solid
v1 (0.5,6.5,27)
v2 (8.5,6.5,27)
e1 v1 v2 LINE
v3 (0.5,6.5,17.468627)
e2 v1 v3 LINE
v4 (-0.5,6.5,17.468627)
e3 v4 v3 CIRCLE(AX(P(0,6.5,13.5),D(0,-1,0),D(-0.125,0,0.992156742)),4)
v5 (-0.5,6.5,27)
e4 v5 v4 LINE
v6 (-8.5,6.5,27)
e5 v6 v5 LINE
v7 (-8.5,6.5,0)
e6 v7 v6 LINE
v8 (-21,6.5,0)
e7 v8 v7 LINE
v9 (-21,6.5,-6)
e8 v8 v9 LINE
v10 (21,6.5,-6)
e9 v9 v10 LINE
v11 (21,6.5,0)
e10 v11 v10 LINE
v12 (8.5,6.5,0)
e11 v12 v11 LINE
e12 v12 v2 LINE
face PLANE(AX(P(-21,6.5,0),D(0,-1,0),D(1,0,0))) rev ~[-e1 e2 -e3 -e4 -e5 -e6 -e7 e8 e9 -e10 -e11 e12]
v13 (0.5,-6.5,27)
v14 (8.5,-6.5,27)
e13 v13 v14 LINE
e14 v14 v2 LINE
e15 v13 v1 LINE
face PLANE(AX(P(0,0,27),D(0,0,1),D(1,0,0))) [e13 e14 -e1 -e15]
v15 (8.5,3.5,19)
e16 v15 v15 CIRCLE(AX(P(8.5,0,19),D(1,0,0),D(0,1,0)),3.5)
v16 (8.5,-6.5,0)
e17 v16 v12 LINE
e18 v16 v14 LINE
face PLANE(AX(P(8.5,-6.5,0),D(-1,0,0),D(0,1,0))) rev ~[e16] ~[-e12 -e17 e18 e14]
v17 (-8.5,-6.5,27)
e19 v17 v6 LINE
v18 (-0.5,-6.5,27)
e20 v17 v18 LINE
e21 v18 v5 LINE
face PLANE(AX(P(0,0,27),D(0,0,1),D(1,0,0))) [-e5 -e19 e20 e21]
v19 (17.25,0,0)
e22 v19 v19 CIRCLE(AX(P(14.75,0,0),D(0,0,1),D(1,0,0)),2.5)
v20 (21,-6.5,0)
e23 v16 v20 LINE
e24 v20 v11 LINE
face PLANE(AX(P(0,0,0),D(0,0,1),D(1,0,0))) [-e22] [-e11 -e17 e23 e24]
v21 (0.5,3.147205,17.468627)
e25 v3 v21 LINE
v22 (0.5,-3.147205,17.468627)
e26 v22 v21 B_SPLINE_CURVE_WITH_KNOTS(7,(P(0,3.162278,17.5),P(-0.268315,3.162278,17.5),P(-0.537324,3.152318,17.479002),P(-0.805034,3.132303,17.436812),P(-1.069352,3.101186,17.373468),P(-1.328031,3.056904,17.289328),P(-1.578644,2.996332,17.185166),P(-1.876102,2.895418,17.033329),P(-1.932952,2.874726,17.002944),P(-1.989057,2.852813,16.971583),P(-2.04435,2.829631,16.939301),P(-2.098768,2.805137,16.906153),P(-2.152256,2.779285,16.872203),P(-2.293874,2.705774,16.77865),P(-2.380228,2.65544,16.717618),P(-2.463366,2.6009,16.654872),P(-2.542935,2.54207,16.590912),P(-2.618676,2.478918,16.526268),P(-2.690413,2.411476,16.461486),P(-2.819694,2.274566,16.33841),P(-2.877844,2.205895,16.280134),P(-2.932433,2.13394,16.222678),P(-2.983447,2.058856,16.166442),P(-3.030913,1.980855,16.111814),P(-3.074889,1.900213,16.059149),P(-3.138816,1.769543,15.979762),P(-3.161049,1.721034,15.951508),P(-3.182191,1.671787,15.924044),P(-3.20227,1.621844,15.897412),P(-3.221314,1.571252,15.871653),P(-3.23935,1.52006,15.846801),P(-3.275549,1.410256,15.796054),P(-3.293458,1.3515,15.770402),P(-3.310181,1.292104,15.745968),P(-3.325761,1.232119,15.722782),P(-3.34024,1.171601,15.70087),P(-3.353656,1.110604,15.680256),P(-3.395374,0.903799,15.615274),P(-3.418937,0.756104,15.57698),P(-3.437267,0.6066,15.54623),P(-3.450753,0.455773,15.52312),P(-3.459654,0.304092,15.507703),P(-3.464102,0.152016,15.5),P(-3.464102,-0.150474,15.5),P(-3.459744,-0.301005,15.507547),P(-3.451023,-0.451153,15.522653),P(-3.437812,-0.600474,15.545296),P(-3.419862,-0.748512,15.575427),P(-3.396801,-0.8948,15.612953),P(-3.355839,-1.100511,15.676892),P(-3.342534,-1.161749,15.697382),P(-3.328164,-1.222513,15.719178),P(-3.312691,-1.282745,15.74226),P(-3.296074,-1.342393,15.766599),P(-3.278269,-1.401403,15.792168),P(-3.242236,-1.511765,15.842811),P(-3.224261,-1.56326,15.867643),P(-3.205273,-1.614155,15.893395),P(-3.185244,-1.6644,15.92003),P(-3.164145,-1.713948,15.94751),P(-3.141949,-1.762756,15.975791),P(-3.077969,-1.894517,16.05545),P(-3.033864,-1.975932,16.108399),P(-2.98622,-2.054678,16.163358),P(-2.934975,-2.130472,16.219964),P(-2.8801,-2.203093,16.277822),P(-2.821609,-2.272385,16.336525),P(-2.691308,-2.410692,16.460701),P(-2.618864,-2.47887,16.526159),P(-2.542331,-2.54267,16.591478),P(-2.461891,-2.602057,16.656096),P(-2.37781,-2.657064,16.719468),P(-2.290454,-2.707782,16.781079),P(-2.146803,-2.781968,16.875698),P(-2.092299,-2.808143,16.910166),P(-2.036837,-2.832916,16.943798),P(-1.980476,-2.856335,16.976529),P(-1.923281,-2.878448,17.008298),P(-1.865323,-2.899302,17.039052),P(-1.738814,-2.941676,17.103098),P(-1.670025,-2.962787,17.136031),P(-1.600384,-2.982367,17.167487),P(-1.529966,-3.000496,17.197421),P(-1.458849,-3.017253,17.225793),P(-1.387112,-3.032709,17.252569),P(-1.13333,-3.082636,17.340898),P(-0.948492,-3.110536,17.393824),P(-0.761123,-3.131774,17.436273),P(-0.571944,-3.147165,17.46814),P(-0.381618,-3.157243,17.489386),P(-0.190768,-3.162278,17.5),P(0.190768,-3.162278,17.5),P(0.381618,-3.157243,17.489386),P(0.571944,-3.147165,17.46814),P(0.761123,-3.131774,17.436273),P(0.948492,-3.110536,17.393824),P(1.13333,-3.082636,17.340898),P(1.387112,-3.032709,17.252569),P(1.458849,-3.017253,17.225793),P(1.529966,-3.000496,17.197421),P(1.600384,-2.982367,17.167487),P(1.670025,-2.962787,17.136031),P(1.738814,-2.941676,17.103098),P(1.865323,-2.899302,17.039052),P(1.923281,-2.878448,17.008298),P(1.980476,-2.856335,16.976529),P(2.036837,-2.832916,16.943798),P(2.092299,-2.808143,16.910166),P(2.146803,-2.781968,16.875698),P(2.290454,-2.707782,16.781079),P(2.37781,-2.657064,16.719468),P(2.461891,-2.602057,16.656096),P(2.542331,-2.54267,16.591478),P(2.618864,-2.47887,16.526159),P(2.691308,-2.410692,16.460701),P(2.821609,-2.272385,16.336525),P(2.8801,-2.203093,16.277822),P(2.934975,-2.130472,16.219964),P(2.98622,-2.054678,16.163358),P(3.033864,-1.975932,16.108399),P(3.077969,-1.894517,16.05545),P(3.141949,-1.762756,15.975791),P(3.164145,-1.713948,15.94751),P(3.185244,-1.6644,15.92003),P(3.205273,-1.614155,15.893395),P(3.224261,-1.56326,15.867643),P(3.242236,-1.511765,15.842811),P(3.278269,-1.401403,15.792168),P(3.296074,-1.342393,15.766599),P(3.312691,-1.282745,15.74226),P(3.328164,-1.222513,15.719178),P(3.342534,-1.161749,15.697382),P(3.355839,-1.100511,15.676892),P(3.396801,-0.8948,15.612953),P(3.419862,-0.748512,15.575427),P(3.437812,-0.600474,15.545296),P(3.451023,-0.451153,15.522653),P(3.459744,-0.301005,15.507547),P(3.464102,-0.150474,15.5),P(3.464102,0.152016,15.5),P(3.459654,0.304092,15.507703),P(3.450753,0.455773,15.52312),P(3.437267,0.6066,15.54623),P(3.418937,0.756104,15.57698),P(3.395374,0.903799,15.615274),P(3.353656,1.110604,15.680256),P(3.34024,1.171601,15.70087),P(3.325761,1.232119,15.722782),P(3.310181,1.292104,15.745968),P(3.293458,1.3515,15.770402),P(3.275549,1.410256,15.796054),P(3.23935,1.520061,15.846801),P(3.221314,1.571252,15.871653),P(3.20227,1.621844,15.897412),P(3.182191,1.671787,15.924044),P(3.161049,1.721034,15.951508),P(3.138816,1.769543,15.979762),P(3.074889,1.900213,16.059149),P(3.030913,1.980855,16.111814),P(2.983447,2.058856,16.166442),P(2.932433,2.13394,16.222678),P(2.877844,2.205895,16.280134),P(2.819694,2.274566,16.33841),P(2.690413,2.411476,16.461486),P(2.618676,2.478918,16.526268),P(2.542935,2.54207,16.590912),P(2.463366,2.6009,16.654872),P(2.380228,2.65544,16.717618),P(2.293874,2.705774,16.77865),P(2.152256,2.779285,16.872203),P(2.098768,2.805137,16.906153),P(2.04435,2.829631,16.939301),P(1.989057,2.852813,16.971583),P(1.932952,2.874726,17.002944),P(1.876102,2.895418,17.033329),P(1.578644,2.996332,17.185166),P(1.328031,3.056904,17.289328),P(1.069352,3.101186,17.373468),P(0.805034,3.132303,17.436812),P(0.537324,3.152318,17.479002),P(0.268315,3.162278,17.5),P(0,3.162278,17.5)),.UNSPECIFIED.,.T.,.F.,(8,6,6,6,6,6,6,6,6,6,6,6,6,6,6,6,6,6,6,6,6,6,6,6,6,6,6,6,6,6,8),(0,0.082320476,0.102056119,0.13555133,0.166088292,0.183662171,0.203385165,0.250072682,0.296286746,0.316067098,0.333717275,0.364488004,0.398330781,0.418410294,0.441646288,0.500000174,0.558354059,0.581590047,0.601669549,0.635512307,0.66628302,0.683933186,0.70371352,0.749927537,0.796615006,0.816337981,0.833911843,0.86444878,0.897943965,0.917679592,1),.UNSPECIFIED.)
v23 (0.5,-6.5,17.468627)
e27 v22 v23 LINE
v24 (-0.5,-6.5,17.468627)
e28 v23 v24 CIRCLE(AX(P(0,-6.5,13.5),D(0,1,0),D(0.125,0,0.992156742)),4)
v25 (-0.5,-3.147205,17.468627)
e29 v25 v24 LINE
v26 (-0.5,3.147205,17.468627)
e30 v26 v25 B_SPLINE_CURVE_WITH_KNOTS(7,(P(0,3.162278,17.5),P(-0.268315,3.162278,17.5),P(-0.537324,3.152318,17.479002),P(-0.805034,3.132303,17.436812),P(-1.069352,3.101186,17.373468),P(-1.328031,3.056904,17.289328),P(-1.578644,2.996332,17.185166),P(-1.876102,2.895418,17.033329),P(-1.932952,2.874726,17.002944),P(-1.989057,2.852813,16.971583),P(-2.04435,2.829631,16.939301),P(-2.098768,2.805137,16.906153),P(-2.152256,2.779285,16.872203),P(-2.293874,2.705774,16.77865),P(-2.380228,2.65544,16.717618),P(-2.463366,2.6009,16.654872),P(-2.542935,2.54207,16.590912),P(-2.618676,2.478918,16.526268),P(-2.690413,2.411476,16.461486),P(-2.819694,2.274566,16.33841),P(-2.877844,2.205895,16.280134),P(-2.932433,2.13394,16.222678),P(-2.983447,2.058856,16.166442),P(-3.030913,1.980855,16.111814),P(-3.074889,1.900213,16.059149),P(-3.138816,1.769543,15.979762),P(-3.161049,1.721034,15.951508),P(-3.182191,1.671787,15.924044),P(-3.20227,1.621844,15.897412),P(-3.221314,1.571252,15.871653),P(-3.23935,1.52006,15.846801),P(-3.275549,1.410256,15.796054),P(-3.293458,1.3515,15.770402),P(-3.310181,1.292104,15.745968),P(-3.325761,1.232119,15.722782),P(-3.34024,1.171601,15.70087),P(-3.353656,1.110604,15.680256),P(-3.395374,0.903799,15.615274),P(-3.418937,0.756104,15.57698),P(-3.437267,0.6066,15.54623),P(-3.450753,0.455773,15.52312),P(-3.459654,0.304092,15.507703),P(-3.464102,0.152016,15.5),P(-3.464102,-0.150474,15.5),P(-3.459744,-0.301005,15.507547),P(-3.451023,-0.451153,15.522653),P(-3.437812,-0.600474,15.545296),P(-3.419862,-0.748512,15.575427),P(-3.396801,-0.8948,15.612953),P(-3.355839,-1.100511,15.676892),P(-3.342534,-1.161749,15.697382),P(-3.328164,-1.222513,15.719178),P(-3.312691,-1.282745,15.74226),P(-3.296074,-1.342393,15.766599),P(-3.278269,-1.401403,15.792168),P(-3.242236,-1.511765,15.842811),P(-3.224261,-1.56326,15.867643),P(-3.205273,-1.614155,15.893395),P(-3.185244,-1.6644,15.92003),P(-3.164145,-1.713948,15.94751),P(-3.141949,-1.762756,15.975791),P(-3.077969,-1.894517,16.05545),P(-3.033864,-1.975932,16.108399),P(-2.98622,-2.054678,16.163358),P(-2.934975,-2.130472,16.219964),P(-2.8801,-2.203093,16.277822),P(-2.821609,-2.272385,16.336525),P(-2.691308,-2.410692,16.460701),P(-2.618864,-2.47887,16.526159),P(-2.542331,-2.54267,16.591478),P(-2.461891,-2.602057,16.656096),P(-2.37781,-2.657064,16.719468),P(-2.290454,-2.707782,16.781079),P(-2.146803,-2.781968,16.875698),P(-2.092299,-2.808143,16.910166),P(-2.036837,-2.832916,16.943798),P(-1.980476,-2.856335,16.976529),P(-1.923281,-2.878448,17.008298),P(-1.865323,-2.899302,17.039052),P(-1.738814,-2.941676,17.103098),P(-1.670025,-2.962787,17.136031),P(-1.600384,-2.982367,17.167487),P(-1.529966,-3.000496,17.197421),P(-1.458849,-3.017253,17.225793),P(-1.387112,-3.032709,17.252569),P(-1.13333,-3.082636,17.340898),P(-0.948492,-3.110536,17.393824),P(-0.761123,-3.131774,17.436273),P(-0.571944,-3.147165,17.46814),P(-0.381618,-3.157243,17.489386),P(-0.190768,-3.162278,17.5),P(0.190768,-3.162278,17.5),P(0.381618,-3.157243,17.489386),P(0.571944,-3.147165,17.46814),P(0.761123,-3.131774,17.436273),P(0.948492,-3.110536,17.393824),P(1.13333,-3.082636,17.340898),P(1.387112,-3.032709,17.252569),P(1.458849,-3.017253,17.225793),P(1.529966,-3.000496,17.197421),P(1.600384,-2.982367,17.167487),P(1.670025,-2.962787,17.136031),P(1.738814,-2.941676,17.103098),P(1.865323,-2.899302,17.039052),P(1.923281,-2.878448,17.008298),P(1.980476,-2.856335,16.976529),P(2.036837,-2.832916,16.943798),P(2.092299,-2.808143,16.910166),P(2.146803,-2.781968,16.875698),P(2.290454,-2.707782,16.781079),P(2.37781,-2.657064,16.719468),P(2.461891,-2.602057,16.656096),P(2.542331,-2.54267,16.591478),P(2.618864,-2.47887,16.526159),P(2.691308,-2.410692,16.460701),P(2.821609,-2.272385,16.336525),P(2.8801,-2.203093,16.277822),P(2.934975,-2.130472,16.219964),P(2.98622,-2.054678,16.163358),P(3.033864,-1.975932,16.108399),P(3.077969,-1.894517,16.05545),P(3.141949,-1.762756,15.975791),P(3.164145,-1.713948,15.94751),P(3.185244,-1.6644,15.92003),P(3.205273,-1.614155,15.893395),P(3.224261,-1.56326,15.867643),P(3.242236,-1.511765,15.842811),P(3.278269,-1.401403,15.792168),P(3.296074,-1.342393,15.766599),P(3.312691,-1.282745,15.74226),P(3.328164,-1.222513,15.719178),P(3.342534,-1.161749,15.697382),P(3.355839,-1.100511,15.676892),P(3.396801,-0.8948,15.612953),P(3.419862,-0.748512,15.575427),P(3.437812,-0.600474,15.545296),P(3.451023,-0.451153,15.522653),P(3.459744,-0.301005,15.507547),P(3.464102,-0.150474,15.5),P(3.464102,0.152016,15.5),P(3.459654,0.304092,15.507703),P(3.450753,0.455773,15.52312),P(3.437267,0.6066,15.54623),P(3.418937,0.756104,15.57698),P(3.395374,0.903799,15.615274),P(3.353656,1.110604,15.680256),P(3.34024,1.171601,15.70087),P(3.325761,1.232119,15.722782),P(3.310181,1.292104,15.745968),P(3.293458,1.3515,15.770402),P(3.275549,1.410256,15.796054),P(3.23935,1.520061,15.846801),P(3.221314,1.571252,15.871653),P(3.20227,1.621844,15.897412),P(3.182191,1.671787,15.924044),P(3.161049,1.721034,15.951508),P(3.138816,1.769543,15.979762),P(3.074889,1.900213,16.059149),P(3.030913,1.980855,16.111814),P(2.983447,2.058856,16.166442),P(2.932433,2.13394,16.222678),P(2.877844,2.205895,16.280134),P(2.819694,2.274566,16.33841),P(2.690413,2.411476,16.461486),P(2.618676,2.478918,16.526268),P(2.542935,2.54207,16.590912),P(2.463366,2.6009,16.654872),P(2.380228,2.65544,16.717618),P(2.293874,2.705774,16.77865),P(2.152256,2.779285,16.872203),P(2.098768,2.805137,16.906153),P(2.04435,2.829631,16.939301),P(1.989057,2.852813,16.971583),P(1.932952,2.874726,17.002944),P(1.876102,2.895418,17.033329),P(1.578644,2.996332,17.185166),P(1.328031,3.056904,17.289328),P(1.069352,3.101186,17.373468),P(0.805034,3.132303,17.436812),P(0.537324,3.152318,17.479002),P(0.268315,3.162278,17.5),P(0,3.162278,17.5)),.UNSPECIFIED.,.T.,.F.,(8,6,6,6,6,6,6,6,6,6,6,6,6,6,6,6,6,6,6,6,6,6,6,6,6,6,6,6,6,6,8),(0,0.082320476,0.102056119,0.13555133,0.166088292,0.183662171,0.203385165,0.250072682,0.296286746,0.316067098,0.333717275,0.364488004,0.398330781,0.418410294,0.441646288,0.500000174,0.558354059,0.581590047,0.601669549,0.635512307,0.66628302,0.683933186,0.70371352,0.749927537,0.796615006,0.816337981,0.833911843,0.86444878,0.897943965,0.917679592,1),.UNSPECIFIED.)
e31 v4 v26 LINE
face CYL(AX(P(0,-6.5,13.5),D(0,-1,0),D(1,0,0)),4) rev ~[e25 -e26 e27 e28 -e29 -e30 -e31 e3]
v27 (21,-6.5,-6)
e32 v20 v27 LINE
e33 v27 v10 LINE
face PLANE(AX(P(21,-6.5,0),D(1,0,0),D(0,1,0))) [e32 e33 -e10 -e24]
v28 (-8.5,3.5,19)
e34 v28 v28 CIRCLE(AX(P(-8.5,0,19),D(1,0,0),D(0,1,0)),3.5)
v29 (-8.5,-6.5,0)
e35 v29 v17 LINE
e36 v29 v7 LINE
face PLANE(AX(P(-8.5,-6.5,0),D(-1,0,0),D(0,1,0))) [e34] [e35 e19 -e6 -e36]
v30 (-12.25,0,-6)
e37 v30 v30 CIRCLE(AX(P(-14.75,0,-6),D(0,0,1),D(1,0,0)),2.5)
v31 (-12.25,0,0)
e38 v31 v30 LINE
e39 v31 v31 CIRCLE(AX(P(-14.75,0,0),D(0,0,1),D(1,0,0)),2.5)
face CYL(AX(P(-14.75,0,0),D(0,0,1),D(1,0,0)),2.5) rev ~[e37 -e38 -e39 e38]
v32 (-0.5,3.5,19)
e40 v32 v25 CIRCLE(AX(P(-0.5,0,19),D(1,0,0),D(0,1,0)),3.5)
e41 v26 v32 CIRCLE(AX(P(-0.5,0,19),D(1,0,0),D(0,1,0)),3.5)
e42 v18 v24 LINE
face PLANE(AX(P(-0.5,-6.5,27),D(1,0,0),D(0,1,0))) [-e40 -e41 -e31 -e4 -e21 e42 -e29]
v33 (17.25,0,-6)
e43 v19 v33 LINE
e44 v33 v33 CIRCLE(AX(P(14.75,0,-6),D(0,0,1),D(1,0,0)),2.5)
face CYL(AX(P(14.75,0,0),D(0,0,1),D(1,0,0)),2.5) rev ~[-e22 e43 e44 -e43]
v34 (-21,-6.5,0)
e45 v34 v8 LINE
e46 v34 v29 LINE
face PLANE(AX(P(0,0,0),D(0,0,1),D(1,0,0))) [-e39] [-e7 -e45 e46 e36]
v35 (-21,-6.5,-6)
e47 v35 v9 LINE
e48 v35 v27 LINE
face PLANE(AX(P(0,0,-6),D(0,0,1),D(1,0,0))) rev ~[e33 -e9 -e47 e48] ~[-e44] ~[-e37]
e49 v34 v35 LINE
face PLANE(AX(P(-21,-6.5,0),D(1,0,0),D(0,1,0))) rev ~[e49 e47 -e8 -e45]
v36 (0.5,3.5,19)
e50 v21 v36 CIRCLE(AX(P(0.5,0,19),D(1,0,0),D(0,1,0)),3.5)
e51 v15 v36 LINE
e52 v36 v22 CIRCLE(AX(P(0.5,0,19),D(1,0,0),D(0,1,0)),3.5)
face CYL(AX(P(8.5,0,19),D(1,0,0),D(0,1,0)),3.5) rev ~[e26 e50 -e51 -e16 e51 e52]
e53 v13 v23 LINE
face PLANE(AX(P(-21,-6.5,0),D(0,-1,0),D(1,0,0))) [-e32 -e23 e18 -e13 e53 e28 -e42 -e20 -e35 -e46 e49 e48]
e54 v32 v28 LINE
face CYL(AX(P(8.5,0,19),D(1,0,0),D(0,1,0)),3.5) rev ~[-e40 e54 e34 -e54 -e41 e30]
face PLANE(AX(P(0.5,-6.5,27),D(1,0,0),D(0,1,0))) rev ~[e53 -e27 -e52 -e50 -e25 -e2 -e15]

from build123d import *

# Parameters (mm, degrees)
F0_W      = 42
F0_H      = 13
F1_DEPTH  = 6
F2_W      = 17
F2_H      = 13
F5_DEPTH  = 27
F3_R      = 2.5
F6_DEPTH  = 6
F4_R      = 2.5
F7_DEPTH  = 6
F8_R      = 4
F9_DEPTH  = 15
F10_R     = 3.5
F11_DEPTH = 20
F12_W     = 1
F12_H     = 13
F13_DEPTH = 13


with BuildPart() as f1:
    # F0 (on Top) → F1 (new body)
    with BuildSketch(Plane.XY):
        Rectangle(F0_W, F0_H)
    extrude(amount=-F1_DEPTH)

    # F2 (on Top) → F5 (join)
    with BuildSketch(Plane.XY):
        Rectangle(F2_W, F2_H)
    extrude(amount=F5_DEPTH)

    # F3 (on Top) → F6 (cut)
    with BuildSketch(Plane.XY):
        with Locations((14.75, 0)):
            Circle(F3_R)
    extrude(amount=-F6_DEPTH, mode=Mode.SUBTRACT)

    # F4 (on Top) → F7 (cut)
    with BuildSketch(Plane.XY):
        with Locations((-14.75, 0)):
            Circle(F4_R)
    extrude(amount=-F7_DEPTH, mode=Mode.SUBTRACT)

    # F8 (on face) → F9 (cut)
    with BuildSketch(Plane.XZ.offset(6.5)):
        with Locations((0, 13.5)):
            Circle(F8_R)
    extrude(amount=-F9_DEPTH, mode=Mode.SUBTRACT)

    # F10 (on face) → F11 (cut)
    with BuildSketch(Plane.YZ.offset(8.5)):
        with Locations((0, 19)):
            Circle(F10_R)
    extrude(amount=-F11_DEPTH, mode=Mode.SUBTRACT)

    # F12 (on face) → F13 (cut)
    with BuildSketch(Plane.XY.offset(27)):
        Rectangle(F12_W, F12_H)
    extrude(amount=-F13_DEPTH, mode=Mode.SUBTRACT)


solid = f1.part
